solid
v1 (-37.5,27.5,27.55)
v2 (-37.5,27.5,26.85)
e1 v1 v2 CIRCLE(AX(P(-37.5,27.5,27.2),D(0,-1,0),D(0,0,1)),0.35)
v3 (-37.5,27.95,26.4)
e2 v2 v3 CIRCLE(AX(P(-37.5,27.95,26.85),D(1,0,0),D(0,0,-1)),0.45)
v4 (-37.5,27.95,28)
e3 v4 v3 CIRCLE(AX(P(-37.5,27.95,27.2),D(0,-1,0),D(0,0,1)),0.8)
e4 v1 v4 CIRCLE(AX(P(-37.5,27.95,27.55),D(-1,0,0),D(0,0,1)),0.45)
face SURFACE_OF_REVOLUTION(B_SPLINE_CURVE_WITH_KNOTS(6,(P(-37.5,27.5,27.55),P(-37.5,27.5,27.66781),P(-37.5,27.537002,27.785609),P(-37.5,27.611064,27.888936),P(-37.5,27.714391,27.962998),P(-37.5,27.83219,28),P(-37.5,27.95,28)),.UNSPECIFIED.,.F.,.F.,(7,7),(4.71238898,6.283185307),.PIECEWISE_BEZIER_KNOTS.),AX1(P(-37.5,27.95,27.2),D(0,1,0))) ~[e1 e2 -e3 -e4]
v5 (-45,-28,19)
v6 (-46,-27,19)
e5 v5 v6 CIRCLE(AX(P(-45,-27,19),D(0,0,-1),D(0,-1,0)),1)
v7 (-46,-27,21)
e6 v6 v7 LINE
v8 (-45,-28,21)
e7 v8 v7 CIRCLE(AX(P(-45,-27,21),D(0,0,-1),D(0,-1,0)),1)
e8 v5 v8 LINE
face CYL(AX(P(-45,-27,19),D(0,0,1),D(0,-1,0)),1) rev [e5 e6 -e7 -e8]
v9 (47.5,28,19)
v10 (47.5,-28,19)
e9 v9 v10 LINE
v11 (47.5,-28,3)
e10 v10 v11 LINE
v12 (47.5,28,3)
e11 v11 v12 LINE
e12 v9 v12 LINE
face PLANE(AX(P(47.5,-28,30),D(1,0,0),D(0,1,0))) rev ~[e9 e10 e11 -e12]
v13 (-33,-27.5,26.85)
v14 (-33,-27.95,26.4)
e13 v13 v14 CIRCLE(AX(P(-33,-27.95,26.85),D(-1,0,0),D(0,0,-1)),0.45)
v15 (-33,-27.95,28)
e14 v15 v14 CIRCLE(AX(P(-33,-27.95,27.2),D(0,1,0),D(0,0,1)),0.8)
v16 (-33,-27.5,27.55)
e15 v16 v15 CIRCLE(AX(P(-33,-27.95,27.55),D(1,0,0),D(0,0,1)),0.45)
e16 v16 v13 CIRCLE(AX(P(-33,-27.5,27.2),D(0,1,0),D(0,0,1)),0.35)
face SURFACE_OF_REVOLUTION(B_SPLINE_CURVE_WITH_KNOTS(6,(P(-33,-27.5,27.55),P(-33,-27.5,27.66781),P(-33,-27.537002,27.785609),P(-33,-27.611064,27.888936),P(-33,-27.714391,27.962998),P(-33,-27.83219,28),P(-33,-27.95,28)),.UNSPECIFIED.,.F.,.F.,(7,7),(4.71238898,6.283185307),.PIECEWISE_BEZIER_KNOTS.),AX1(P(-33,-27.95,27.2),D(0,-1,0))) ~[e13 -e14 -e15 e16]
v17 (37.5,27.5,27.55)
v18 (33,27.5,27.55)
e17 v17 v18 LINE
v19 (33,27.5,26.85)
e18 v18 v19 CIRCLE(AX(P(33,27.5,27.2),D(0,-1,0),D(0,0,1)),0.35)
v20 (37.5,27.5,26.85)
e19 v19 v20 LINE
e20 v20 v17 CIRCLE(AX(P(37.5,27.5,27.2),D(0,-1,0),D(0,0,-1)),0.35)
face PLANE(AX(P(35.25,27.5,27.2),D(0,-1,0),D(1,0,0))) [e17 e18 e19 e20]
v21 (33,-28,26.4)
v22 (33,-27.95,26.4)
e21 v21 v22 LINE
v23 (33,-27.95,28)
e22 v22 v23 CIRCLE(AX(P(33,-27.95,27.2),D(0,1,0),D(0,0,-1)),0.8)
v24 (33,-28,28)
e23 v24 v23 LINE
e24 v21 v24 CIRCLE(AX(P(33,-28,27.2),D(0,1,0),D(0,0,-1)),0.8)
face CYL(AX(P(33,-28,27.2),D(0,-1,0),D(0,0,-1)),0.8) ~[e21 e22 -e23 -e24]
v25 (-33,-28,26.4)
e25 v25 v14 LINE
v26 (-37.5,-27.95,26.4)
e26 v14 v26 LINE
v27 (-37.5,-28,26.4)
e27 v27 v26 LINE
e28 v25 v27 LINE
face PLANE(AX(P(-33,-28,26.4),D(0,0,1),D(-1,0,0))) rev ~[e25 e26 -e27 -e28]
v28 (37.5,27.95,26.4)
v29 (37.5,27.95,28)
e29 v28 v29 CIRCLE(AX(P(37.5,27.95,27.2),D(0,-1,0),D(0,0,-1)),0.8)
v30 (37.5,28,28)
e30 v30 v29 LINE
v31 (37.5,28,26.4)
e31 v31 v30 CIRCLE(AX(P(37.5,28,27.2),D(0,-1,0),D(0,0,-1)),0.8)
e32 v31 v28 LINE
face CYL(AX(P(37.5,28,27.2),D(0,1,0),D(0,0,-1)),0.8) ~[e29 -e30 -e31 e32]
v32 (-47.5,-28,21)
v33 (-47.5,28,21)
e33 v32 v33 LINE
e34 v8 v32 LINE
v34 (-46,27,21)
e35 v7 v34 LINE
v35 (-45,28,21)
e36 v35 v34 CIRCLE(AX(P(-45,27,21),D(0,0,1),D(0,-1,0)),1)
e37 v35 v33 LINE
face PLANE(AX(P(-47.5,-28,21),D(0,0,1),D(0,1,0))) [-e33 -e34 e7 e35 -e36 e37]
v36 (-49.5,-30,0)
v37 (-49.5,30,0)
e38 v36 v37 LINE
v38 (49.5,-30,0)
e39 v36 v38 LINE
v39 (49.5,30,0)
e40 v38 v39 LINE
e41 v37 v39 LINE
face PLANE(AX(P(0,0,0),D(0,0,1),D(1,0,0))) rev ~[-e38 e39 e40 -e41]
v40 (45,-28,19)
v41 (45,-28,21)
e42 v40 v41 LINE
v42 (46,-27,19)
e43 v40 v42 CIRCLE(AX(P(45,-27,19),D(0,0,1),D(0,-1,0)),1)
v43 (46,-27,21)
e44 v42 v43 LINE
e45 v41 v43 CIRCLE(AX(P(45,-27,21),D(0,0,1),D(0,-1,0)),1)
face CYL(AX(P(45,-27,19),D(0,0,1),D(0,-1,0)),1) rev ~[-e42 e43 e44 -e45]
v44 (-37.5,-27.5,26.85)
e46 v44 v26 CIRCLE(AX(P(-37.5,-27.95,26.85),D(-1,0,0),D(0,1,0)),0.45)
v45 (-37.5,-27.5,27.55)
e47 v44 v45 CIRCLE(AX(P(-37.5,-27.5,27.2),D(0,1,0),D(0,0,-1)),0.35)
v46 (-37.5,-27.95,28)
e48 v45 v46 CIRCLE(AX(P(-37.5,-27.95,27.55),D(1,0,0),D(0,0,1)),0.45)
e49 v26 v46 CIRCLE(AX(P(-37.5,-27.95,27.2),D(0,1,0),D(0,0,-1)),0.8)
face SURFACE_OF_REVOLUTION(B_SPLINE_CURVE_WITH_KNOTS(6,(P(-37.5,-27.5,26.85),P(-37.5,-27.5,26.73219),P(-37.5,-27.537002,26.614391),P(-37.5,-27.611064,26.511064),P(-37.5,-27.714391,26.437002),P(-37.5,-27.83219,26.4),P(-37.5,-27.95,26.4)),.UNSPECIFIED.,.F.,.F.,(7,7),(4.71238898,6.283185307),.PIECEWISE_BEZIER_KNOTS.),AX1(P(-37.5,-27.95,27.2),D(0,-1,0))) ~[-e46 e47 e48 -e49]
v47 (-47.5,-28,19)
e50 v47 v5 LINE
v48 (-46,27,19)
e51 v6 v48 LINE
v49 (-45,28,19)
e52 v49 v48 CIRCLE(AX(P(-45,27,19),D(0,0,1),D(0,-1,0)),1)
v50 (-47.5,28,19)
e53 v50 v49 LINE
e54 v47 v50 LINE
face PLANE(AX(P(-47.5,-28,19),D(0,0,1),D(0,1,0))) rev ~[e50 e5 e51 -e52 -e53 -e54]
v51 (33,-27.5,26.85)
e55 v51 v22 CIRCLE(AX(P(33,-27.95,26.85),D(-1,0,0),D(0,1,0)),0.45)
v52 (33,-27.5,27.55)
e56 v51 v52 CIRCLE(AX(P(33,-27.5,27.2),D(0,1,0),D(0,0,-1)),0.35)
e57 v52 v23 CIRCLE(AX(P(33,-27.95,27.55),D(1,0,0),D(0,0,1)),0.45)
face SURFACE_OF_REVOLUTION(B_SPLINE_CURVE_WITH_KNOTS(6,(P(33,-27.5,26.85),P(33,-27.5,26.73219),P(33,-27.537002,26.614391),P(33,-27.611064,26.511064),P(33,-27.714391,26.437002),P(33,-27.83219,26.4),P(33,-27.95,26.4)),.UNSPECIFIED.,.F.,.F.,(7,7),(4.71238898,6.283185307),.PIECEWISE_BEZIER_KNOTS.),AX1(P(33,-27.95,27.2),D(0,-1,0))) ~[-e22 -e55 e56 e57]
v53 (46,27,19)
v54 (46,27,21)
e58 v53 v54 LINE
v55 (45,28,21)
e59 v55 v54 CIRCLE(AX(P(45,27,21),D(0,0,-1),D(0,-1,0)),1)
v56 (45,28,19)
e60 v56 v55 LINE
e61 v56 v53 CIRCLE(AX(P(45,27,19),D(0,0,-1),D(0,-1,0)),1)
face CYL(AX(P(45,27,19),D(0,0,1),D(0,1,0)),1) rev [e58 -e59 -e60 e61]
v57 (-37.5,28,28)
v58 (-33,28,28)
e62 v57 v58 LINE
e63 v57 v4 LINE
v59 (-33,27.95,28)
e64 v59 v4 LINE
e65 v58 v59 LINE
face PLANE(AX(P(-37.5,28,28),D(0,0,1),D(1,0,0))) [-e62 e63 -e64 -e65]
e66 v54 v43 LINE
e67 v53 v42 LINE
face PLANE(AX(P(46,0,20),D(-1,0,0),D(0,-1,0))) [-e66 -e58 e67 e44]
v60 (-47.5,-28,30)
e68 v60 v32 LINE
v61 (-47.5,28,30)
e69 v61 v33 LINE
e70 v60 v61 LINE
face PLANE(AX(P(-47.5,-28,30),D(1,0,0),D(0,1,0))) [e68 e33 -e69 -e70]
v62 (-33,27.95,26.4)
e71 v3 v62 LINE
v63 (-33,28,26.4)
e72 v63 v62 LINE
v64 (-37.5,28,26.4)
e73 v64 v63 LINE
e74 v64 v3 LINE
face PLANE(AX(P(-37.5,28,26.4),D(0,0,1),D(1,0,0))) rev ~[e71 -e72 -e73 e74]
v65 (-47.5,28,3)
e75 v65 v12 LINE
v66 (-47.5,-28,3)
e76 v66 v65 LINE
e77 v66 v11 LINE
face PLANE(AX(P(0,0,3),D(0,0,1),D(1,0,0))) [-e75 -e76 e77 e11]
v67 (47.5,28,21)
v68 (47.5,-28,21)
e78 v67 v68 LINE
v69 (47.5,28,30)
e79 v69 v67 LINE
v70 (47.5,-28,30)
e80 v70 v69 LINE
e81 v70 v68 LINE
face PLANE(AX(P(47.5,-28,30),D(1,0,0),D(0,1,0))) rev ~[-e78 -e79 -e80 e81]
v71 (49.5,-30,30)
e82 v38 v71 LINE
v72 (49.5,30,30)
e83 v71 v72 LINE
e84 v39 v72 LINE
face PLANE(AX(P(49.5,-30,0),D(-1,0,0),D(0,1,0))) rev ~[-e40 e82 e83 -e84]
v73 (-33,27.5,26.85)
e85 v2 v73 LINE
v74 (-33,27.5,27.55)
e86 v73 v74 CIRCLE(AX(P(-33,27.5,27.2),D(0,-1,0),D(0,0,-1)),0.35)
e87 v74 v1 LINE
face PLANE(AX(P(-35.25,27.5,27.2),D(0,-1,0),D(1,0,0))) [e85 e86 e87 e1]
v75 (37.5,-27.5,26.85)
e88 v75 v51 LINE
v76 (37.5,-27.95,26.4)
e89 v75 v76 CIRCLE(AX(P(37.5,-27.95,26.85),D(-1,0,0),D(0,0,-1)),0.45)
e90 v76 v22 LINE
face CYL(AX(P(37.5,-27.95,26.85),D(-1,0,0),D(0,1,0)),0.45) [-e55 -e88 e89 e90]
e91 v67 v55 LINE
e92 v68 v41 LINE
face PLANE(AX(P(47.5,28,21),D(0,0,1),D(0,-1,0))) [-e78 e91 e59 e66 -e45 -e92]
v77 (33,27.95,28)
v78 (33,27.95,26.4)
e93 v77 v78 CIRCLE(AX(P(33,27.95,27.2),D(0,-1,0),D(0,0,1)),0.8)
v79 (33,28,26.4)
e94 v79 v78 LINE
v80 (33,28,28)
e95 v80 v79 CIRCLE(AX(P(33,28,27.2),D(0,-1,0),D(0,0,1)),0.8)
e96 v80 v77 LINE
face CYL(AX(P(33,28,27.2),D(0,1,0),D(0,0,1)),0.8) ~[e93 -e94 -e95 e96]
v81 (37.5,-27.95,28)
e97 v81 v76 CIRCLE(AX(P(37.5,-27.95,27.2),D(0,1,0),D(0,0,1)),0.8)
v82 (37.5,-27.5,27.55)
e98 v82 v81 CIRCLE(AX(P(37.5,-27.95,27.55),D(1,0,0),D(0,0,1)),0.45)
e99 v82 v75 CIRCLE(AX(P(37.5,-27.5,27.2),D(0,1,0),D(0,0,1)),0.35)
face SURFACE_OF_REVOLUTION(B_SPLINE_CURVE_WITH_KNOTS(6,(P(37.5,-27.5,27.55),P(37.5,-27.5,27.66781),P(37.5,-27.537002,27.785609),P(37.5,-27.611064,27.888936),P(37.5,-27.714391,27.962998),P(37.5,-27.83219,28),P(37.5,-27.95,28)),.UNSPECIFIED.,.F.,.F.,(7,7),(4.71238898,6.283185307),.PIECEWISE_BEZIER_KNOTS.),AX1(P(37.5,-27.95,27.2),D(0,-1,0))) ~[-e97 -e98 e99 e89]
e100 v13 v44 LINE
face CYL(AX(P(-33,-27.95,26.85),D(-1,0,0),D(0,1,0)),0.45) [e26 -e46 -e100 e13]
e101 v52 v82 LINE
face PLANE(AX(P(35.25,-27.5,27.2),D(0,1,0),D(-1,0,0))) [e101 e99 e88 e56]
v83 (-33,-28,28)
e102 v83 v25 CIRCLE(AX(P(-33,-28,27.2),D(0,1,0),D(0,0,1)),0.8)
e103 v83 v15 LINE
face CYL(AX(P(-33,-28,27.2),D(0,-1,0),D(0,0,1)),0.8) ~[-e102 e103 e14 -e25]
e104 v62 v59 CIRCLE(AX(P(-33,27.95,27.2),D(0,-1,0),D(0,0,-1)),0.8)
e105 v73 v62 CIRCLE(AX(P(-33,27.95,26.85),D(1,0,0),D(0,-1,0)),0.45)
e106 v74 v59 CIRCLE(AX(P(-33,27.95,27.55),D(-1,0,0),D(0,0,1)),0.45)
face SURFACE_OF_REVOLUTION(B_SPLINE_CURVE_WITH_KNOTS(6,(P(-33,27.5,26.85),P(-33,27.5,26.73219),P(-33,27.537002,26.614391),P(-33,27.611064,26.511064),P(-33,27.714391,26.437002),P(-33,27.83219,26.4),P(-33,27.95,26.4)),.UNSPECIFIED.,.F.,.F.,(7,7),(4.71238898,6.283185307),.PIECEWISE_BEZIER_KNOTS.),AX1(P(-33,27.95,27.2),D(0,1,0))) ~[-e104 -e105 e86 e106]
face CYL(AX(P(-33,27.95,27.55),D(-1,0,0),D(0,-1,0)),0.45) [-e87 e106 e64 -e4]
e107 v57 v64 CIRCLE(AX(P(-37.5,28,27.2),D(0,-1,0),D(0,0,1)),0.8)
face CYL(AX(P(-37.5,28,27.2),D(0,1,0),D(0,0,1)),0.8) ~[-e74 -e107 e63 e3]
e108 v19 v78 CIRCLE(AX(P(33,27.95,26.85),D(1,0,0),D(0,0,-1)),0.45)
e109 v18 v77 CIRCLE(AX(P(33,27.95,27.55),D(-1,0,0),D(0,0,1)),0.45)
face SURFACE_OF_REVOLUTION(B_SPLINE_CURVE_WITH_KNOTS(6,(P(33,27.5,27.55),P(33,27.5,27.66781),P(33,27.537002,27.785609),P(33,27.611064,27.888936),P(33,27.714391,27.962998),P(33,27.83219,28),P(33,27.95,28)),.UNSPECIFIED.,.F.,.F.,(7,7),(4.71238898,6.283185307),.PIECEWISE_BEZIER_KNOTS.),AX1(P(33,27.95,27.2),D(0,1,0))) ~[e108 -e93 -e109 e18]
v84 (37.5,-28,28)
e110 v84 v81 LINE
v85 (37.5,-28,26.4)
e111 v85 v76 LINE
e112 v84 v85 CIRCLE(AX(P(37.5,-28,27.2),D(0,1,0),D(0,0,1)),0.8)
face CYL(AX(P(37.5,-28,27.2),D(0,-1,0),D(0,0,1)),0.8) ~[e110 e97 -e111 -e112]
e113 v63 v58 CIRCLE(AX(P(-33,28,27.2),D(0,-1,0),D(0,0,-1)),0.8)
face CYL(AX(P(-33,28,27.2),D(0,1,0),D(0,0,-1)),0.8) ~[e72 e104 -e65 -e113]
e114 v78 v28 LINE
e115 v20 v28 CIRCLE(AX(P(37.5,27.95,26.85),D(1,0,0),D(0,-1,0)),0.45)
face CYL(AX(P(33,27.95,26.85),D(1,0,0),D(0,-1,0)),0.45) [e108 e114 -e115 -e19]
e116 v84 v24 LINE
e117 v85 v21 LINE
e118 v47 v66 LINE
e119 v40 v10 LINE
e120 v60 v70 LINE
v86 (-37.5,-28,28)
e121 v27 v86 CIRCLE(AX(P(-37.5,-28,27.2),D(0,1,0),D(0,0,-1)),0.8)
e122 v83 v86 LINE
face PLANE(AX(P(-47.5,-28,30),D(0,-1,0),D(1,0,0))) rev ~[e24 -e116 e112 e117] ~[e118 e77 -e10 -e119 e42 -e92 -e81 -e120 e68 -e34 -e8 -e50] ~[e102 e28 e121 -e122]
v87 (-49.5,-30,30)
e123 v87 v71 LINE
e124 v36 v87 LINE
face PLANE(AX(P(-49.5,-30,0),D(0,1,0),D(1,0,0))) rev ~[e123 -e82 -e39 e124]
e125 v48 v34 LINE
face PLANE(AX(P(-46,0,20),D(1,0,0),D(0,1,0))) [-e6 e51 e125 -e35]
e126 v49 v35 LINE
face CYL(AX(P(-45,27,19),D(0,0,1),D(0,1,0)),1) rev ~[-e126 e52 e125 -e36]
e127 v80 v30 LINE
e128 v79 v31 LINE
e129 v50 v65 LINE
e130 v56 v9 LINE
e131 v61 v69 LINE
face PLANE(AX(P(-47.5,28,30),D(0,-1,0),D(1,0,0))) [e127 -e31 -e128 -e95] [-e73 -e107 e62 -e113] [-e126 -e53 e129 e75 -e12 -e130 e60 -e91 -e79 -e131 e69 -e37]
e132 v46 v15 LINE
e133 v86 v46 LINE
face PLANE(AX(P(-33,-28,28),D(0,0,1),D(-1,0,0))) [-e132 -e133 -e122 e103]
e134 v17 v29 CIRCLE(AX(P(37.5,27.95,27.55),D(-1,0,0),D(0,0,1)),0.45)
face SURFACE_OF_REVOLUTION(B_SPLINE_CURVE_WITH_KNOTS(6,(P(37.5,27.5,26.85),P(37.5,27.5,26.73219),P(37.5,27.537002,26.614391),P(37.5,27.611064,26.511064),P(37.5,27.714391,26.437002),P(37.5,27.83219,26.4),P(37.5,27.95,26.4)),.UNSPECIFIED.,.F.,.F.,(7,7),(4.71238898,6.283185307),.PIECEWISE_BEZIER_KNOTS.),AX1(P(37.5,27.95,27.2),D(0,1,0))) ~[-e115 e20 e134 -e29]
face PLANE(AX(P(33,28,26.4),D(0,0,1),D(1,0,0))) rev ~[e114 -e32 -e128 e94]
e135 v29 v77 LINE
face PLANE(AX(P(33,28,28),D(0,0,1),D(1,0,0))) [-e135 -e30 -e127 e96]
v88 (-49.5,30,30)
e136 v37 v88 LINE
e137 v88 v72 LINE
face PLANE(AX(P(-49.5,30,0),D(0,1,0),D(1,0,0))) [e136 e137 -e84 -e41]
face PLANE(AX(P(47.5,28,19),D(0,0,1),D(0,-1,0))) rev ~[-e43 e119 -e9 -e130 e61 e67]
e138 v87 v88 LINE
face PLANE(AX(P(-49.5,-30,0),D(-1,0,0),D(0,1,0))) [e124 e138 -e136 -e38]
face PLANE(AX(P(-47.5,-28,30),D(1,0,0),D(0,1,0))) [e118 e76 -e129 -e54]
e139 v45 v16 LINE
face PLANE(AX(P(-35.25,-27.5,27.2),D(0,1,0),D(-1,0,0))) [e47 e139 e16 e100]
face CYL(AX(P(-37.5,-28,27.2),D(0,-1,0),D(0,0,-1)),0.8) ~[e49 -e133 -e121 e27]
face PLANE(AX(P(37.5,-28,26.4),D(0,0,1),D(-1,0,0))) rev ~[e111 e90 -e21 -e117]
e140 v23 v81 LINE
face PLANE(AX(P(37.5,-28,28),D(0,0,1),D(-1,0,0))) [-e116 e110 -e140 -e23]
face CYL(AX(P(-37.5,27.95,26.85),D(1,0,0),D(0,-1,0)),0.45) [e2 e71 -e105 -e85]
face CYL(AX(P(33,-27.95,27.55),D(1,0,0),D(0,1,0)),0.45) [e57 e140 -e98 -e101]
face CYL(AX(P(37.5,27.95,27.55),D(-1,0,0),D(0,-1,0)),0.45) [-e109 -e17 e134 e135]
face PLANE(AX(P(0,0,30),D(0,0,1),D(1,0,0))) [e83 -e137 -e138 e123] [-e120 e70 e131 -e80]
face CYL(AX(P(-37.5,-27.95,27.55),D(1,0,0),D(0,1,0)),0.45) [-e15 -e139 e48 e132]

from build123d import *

# Parameters (mm, degrees)
SKETCH003_W     = 99
SKETCH003_H     = 60
PAD002_DEPTH    = 30
SKETCH004_W     = 95
SKETCH004_H     = 56
POCKET001_DEPTH = 27
PAD003_DEPTH    = 0.5
PAD004_DEPTH    = 0.5
SKETCH007_W     = 56
SKETCH007_H     = 2
PAD005_DEPTH    = 1.5
SKETCH008_W     = 56
SKETCH008_H     = 2
PAD006_DEPTH    = 1.5
FILLET_R        = 1
FILLET001_R     = 0.45


with BuildPart() as part:
    # Sketch003 → Pad002 (new body)
    with BuildSketch(Plane.XY):
        Rectangle(SKETCH003_W, SKETCH003_H)
    extrude(amount=PAD002_DEPTH)

    # Sketch004 (on Face6 of Pad002) → Pocket001 (cut)
    with BuildSketch(Plane.XY.offset(30)):
        Rectangle(SKETCH004_W, SKETCH004_H)
    extrude(amount=-POCKET001_DEPTH, mode=Mode.SUBTRACT)

    # Sketch005 (on Face8 of Pocket001) → Pad003 (join)
    with BuildSketch(Plane.XZ.offset(-28)):
        with BuildLine():
            ThreePointArc((-37.5, 28), (-38.3, 27.2), (-37.5, 26.4))
            Line((-37.5, 26.4), (-33, 26.4))
            ThreePointArc((-33, 26.4), (-32.2, 27.2), (-33, 28))
            Line((-37.5, 28), (-33, 28))
        make_face()
        with BuildLine():
            ThreePointArc((33, 28), (32.2, 27.2), (33, 26.4))
            Line((33, 26.4), (37.5, 26.4))
            ThreePointArc((37.5, 26.4), (38.3, 27.2), (37.5, 28))
            Line((33, 28), (37.5, 28))
        make_face()
    extrude(amount=PAD003_DEPTH)

    # Sketch006 (on Face10 of Pad003) → Pad004 (join)
    with BuildSketch(Plane(origin=(0, -28, 0), x_dir=(-1, 0, 0), z_dir=(0, 1, 0))):
        with BuildLine():
            ThreePointArc((-37.5, 28), (-38.3, 27.2), (-37.5, 26.4))
            Line((-37.5, 26.4), (-33, 26.4))
            ThreePointArc((-33, 26.4), (-32.2, 27.2), (-33, 28))
            Line((-37.5, 28), (-33, 28))
        make_face()
        with BuildLine():
            ThreePointArc((33, 28), (32.2, 27.2), (33, 26.4))
            Line((33, 26.4), (37.5, 26.4))
            ThreePointArc((37.5, 26.4), (38.3, 27.2), (37.5, 28))
            Line((33, 28), (37.5, 28))
        make_face()
    extrude(amount=PAD004_DEPTH)

    # Sketch007 (on Face7 of Pad004) → Pad005 (join)
    with BuildSketch(Plane(origin=(47.5, 0, 0), x_dir=(0, -1, 0), z_dir=(-1, 0, 0))):
        with Locations((0, 20)):
            Rectangle(SKETCH007_W, SKETCH007_H)
    extrude(amount=PAD005_DEPTH)

    # Sketch008 (on Face9 of Pad005) → Pad006 (join)
    with BuildSketch(Plane.YZ.offset(-47.5)):
        with Locations((0, 20)):
            Rectangle(SKETCH008_W, SKETCH008_H)
    extrude(amount=PAD006_DEPTH)

    # Fillet
    fillet_edges = [part.edges().sort_by_distance(p)[0] for p in [
        (-46, 28, 20),
        (-46, -28, 20),
        (46, 28, 20),
        (46, -28, 20),
    ]]
    fillet(fillet_edges, radius=FILLET_R)

    # Fillet001
    fillet001_edges = [part.edges().sort_by_distance(p)[0] for p in [
        (-38.3, 27.5, 27.2),
        (-35.25, 27.5, 26.4),
        (-32.2, 27.5, 27.2),
        (-35.25, 27.5, 28),
        (32.2, 27.5, 27.2),
        (35.25, 27.5, 26.4),
        (38.3, 27.5, 27.2),
        (35.25, 27.5, 28),
        (38.3, -27.5, 27.2),
        (35.25, -27.5, 26.4),
        (32.2, -27.5, 27.2),
        (35.25, -27.5, 28),
        (-32.2, -27.5, 27.2),
        (-35.25, -27.5, 26.4),
        (-38.3, -27.5, 27.2),
        (-35.25, -27.5, 28),
    ]]
    fillet(fillet001_edges, radius=FILLET001_R)


solid = part.part
